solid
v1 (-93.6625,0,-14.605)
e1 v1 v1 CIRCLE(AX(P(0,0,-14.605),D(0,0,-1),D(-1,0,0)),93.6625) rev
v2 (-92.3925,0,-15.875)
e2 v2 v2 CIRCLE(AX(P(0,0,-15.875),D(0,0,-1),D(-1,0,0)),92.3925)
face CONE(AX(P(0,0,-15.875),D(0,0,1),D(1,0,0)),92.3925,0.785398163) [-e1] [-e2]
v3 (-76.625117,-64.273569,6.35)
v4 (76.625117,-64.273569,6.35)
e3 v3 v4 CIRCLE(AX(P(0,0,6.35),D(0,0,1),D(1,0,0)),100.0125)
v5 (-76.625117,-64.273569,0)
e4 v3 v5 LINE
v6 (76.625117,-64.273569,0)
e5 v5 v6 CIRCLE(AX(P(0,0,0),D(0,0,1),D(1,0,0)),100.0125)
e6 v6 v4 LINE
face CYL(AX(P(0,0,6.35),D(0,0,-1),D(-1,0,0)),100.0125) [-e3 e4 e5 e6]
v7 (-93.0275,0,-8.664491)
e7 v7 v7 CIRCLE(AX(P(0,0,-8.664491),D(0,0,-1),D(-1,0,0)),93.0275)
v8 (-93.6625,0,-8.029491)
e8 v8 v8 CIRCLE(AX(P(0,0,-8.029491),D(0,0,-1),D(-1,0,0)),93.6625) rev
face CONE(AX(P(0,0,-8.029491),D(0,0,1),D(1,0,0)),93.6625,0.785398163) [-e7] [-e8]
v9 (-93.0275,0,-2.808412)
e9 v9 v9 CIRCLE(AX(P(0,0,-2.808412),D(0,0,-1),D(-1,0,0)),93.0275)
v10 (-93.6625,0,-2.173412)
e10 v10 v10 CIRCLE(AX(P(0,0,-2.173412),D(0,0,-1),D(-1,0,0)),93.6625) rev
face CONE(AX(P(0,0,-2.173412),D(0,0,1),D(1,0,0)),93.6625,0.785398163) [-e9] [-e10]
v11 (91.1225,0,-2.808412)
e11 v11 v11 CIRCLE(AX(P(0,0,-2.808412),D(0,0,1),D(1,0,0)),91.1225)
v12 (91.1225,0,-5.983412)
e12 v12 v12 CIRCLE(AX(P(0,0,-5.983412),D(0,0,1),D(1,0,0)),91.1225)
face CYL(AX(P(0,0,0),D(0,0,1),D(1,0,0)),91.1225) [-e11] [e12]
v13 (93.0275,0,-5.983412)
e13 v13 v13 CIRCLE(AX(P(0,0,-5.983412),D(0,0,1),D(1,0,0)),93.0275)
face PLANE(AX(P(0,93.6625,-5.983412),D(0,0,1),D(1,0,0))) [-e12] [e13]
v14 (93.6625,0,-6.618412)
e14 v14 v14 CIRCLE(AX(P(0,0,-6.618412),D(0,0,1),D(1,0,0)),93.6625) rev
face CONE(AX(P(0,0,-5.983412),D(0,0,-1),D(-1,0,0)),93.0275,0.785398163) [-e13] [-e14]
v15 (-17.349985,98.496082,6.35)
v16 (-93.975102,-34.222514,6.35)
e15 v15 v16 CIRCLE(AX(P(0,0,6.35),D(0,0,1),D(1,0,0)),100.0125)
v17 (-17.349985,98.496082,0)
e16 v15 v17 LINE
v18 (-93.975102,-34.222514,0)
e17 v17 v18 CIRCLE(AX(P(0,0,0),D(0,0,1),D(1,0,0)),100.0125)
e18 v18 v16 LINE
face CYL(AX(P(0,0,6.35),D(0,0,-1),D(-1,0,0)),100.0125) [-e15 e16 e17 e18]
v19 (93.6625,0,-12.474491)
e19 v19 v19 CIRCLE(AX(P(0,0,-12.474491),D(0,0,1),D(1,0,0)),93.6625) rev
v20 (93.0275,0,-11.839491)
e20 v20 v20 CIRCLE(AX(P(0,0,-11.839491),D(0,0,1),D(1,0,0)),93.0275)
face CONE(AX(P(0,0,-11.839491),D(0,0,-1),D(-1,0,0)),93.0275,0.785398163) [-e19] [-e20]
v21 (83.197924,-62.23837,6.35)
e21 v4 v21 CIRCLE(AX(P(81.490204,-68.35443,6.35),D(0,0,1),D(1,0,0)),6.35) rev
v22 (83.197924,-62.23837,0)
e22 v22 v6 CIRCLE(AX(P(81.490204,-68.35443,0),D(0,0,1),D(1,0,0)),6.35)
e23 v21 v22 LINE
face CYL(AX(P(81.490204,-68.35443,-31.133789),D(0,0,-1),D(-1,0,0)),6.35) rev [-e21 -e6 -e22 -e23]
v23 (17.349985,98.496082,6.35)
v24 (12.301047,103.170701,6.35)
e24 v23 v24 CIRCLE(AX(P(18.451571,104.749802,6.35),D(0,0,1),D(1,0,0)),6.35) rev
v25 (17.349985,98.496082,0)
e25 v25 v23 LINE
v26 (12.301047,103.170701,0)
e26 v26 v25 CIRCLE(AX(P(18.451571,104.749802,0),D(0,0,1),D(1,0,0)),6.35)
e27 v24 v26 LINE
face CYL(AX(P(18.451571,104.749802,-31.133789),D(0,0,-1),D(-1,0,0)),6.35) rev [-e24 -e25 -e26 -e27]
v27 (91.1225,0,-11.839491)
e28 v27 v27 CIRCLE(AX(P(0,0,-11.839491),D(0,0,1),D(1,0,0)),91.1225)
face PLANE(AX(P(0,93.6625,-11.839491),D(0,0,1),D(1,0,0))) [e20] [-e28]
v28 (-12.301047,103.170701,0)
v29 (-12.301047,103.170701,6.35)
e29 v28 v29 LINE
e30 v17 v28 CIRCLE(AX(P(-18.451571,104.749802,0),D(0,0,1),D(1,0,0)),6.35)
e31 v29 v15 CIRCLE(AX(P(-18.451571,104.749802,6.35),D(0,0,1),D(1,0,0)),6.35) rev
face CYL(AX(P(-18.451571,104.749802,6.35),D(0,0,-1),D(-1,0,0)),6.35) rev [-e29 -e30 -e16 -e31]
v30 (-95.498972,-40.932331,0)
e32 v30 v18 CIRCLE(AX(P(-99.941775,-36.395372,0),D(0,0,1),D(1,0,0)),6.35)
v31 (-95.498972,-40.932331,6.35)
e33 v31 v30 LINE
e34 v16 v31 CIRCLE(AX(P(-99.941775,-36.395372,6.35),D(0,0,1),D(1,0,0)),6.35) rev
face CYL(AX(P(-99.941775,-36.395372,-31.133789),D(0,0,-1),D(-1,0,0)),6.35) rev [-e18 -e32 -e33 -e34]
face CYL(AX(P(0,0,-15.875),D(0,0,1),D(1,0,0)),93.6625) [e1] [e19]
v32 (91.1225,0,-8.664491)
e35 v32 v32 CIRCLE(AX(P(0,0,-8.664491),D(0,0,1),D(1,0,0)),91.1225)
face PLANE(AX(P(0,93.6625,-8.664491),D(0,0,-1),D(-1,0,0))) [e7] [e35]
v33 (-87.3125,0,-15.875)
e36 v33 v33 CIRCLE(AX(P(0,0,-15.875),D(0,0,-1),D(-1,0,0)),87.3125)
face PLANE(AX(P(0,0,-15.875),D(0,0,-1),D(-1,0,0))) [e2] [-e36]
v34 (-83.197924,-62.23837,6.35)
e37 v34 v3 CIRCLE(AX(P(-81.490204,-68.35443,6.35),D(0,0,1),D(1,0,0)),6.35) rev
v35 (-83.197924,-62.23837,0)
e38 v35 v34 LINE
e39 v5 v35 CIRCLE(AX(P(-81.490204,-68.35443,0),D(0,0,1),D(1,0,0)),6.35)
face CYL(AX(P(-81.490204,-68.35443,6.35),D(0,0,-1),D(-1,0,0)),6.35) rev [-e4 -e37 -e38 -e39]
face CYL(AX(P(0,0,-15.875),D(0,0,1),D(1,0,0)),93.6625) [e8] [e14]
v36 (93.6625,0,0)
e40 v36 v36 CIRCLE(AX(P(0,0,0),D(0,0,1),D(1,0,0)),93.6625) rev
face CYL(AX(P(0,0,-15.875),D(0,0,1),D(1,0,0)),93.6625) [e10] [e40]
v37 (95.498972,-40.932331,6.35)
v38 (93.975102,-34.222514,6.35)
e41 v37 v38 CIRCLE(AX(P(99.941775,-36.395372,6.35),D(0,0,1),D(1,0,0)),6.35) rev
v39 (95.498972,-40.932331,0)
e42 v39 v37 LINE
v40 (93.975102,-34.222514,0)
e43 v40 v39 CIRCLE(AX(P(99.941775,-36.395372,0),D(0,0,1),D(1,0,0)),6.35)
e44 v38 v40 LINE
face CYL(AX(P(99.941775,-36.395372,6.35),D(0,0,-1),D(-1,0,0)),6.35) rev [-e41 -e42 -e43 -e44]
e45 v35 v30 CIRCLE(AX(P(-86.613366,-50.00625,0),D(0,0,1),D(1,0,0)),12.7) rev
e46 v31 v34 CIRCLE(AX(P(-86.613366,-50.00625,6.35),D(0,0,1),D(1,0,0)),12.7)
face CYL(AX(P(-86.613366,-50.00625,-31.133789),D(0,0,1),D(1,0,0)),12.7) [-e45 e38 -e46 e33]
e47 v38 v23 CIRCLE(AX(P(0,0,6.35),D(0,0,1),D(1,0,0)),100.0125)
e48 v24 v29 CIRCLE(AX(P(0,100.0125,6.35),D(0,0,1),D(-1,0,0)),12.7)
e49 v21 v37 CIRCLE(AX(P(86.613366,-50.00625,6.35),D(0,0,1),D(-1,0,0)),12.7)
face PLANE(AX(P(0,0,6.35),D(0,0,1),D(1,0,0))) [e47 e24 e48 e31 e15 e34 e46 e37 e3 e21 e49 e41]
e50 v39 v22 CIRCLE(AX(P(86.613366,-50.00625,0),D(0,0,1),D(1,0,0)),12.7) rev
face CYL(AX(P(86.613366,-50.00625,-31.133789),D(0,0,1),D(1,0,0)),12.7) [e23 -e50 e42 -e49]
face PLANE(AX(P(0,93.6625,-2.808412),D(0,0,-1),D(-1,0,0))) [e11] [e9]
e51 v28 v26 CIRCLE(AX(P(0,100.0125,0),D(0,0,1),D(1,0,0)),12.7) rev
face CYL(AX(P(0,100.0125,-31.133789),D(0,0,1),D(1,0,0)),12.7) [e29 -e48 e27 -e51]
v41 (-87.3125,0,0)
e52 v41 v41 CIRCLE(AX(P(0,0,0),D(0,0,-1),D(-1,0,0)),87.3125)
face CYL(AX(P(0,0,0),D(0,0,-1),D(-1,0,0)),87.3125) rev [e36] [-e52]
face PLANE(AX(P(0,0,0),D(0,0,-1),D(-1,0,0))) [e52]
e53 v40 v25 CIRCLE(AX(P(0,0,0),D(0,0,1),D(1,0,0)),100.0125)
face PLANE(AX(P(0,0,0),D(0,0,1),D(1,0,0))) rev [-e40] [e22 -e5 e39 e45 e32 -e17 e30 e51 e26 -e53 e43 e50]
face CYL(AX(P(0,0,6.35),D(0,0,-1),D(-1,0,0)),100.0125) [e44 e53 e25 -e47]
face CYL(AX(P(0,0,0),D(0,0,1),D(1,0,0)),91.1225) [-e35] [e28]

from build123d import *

# Parameters (mm, degrees)
SKETCH1_R          = 100.0125
EXTRUDE1_DEPTH     = 6.35
SKETCH2_R          = 93.6625
EXTRUDE2_DEPTH     = 15.875
SKETCH3_R          = 87.3125
CUT_EXTRUDE1_DEPTH = 15.875
SKETCH4_W          = 3.175
SKETCH4_H          = 2.54
CHAMFER1_SIZE      = 1.27
EXTRUDE3_DEPTH     = 6.35
CHAMFER2_SIZE      = 0.635
FILLET1_R          = 6.35


with BuildPart() as part:
    # Sketch1 → Extrude1 (new body)
    with BuildSketch(Plane.XY):
        Circle(SKETCH1_R)
    extrude(amount=EXTRUDE1_DEPTH)

    # Sketch2 → Extrude2 (add)
    with BuildSketch(Plane(origin=(0, 0, 0), x_dir=(-1, 0, 0), z_dir=(0, 0, -1))):
        Circle(SKETCH2_R)
    extrude(amount=EXTRUDE2_DEPTH)

    # Sketch3 → Cut-Extrude1 (cut)
    with BuildSketch(Plane(origin=(0, 0, -15.875), x_dir=(-1, 0, 0), z_dir=(0, 0, -1))):
        Circle(SKETCH3_R)
    extrude(amount=-CUT_EXTRUDE1_DEPTH, mode=Mode.SUBTRACT)

    # Sketch4 → Cut-Revolve1 (revolve, cut)
    with BuildSketch(Plane(origin=(0, 0, 0), x_dir=(0, 0, -1), z_dir=(1, 0, 0))):
        with Locations((4.395911794, 92.3925)):
            Rectangle(SKETCH4_W, SKETCH4_H)
        with Locations((10.251990741, 92.3925)):
            Rectangle(SKETCH4_W, SKETCH4_H)
    revolve(axis=Axis((0, 0, 0), (0, 0, -1)), mode=Mode.SUBTRACT)

    # Chamfer1
    chamfer1_edges = [part.edges().sort_by_distance(p)[0] for p in [
        (93.6625, 0, -15.875),
    ]]
    chamfer(chamfer1_edges, length=CHAMFER1_SIZE)

    # Sketch8 → Extrude3 (add)
    with BuildSketch(Plane.XY.offset(6.35)):
        with BuildLine():
            ThreePointArc((-12.674375762, 99.206150794), (0, 112.7125), (12.674375762, 99.206150794))
            ThreePointArc((12.674375762, 99.206150794), (0, 100.0125), (-12.674375762, 99.206150794))
        make_face()
        with BuildLine():
            ThreePointArc((92.25223468, -38.62674401), (97.611888324, -56.35625), (79.577858918, -60.579406784))
            ThreePointArc((79.577858918, -60.579406784), (86.613365696, -50.00625), (92.25223468, -38.62674401))
        make_face()
        with BuildLine():
            ThreePointArc((-92.25223468, -38.62674401), (-97.611888324, -56.35625), (-79.577858918, -60.579406784))
            ThreePointArc((-79.577858918, -60.579406784), (-86.613365696, -50.00625), (-92.25223468, -38.62674401))
        make_face()
    extrude(amount=-EXTRUDE3_DEPTH)

    # Chamfer2
    chamfer2_edges = [part.edges().sort_by_distance(p)[0] for p in [
        (93.6625, 0, -2.808411794),
        (93.6625, 0, -5.983411794),
        (93.6625, 0, -8.664490741),
        (93.6625, 0, -11.839490741),
    ]]
    chamfer(chamfer2_edges, length=CHAMFER2_SIZE)

    # Fillet1
    fillet1_edges = [part.edges().sort_by_distance(p)[0] for p in [
        (12.674375762, 99.206150794, 3.175),
        (-12.674375762, 99.206150794, 3.175),
        (79.577858918, -60.579406784, 3.175),
        (92.25223468, -38.62674401, 3.175),
        (-92.25223468, -38.62674401, 3.175),
        (-79.577858918, -60.579406784, 3.175),
    ]]
    fillet(fillet1_edges, radius=FILLET1_R)


solid = part.part
